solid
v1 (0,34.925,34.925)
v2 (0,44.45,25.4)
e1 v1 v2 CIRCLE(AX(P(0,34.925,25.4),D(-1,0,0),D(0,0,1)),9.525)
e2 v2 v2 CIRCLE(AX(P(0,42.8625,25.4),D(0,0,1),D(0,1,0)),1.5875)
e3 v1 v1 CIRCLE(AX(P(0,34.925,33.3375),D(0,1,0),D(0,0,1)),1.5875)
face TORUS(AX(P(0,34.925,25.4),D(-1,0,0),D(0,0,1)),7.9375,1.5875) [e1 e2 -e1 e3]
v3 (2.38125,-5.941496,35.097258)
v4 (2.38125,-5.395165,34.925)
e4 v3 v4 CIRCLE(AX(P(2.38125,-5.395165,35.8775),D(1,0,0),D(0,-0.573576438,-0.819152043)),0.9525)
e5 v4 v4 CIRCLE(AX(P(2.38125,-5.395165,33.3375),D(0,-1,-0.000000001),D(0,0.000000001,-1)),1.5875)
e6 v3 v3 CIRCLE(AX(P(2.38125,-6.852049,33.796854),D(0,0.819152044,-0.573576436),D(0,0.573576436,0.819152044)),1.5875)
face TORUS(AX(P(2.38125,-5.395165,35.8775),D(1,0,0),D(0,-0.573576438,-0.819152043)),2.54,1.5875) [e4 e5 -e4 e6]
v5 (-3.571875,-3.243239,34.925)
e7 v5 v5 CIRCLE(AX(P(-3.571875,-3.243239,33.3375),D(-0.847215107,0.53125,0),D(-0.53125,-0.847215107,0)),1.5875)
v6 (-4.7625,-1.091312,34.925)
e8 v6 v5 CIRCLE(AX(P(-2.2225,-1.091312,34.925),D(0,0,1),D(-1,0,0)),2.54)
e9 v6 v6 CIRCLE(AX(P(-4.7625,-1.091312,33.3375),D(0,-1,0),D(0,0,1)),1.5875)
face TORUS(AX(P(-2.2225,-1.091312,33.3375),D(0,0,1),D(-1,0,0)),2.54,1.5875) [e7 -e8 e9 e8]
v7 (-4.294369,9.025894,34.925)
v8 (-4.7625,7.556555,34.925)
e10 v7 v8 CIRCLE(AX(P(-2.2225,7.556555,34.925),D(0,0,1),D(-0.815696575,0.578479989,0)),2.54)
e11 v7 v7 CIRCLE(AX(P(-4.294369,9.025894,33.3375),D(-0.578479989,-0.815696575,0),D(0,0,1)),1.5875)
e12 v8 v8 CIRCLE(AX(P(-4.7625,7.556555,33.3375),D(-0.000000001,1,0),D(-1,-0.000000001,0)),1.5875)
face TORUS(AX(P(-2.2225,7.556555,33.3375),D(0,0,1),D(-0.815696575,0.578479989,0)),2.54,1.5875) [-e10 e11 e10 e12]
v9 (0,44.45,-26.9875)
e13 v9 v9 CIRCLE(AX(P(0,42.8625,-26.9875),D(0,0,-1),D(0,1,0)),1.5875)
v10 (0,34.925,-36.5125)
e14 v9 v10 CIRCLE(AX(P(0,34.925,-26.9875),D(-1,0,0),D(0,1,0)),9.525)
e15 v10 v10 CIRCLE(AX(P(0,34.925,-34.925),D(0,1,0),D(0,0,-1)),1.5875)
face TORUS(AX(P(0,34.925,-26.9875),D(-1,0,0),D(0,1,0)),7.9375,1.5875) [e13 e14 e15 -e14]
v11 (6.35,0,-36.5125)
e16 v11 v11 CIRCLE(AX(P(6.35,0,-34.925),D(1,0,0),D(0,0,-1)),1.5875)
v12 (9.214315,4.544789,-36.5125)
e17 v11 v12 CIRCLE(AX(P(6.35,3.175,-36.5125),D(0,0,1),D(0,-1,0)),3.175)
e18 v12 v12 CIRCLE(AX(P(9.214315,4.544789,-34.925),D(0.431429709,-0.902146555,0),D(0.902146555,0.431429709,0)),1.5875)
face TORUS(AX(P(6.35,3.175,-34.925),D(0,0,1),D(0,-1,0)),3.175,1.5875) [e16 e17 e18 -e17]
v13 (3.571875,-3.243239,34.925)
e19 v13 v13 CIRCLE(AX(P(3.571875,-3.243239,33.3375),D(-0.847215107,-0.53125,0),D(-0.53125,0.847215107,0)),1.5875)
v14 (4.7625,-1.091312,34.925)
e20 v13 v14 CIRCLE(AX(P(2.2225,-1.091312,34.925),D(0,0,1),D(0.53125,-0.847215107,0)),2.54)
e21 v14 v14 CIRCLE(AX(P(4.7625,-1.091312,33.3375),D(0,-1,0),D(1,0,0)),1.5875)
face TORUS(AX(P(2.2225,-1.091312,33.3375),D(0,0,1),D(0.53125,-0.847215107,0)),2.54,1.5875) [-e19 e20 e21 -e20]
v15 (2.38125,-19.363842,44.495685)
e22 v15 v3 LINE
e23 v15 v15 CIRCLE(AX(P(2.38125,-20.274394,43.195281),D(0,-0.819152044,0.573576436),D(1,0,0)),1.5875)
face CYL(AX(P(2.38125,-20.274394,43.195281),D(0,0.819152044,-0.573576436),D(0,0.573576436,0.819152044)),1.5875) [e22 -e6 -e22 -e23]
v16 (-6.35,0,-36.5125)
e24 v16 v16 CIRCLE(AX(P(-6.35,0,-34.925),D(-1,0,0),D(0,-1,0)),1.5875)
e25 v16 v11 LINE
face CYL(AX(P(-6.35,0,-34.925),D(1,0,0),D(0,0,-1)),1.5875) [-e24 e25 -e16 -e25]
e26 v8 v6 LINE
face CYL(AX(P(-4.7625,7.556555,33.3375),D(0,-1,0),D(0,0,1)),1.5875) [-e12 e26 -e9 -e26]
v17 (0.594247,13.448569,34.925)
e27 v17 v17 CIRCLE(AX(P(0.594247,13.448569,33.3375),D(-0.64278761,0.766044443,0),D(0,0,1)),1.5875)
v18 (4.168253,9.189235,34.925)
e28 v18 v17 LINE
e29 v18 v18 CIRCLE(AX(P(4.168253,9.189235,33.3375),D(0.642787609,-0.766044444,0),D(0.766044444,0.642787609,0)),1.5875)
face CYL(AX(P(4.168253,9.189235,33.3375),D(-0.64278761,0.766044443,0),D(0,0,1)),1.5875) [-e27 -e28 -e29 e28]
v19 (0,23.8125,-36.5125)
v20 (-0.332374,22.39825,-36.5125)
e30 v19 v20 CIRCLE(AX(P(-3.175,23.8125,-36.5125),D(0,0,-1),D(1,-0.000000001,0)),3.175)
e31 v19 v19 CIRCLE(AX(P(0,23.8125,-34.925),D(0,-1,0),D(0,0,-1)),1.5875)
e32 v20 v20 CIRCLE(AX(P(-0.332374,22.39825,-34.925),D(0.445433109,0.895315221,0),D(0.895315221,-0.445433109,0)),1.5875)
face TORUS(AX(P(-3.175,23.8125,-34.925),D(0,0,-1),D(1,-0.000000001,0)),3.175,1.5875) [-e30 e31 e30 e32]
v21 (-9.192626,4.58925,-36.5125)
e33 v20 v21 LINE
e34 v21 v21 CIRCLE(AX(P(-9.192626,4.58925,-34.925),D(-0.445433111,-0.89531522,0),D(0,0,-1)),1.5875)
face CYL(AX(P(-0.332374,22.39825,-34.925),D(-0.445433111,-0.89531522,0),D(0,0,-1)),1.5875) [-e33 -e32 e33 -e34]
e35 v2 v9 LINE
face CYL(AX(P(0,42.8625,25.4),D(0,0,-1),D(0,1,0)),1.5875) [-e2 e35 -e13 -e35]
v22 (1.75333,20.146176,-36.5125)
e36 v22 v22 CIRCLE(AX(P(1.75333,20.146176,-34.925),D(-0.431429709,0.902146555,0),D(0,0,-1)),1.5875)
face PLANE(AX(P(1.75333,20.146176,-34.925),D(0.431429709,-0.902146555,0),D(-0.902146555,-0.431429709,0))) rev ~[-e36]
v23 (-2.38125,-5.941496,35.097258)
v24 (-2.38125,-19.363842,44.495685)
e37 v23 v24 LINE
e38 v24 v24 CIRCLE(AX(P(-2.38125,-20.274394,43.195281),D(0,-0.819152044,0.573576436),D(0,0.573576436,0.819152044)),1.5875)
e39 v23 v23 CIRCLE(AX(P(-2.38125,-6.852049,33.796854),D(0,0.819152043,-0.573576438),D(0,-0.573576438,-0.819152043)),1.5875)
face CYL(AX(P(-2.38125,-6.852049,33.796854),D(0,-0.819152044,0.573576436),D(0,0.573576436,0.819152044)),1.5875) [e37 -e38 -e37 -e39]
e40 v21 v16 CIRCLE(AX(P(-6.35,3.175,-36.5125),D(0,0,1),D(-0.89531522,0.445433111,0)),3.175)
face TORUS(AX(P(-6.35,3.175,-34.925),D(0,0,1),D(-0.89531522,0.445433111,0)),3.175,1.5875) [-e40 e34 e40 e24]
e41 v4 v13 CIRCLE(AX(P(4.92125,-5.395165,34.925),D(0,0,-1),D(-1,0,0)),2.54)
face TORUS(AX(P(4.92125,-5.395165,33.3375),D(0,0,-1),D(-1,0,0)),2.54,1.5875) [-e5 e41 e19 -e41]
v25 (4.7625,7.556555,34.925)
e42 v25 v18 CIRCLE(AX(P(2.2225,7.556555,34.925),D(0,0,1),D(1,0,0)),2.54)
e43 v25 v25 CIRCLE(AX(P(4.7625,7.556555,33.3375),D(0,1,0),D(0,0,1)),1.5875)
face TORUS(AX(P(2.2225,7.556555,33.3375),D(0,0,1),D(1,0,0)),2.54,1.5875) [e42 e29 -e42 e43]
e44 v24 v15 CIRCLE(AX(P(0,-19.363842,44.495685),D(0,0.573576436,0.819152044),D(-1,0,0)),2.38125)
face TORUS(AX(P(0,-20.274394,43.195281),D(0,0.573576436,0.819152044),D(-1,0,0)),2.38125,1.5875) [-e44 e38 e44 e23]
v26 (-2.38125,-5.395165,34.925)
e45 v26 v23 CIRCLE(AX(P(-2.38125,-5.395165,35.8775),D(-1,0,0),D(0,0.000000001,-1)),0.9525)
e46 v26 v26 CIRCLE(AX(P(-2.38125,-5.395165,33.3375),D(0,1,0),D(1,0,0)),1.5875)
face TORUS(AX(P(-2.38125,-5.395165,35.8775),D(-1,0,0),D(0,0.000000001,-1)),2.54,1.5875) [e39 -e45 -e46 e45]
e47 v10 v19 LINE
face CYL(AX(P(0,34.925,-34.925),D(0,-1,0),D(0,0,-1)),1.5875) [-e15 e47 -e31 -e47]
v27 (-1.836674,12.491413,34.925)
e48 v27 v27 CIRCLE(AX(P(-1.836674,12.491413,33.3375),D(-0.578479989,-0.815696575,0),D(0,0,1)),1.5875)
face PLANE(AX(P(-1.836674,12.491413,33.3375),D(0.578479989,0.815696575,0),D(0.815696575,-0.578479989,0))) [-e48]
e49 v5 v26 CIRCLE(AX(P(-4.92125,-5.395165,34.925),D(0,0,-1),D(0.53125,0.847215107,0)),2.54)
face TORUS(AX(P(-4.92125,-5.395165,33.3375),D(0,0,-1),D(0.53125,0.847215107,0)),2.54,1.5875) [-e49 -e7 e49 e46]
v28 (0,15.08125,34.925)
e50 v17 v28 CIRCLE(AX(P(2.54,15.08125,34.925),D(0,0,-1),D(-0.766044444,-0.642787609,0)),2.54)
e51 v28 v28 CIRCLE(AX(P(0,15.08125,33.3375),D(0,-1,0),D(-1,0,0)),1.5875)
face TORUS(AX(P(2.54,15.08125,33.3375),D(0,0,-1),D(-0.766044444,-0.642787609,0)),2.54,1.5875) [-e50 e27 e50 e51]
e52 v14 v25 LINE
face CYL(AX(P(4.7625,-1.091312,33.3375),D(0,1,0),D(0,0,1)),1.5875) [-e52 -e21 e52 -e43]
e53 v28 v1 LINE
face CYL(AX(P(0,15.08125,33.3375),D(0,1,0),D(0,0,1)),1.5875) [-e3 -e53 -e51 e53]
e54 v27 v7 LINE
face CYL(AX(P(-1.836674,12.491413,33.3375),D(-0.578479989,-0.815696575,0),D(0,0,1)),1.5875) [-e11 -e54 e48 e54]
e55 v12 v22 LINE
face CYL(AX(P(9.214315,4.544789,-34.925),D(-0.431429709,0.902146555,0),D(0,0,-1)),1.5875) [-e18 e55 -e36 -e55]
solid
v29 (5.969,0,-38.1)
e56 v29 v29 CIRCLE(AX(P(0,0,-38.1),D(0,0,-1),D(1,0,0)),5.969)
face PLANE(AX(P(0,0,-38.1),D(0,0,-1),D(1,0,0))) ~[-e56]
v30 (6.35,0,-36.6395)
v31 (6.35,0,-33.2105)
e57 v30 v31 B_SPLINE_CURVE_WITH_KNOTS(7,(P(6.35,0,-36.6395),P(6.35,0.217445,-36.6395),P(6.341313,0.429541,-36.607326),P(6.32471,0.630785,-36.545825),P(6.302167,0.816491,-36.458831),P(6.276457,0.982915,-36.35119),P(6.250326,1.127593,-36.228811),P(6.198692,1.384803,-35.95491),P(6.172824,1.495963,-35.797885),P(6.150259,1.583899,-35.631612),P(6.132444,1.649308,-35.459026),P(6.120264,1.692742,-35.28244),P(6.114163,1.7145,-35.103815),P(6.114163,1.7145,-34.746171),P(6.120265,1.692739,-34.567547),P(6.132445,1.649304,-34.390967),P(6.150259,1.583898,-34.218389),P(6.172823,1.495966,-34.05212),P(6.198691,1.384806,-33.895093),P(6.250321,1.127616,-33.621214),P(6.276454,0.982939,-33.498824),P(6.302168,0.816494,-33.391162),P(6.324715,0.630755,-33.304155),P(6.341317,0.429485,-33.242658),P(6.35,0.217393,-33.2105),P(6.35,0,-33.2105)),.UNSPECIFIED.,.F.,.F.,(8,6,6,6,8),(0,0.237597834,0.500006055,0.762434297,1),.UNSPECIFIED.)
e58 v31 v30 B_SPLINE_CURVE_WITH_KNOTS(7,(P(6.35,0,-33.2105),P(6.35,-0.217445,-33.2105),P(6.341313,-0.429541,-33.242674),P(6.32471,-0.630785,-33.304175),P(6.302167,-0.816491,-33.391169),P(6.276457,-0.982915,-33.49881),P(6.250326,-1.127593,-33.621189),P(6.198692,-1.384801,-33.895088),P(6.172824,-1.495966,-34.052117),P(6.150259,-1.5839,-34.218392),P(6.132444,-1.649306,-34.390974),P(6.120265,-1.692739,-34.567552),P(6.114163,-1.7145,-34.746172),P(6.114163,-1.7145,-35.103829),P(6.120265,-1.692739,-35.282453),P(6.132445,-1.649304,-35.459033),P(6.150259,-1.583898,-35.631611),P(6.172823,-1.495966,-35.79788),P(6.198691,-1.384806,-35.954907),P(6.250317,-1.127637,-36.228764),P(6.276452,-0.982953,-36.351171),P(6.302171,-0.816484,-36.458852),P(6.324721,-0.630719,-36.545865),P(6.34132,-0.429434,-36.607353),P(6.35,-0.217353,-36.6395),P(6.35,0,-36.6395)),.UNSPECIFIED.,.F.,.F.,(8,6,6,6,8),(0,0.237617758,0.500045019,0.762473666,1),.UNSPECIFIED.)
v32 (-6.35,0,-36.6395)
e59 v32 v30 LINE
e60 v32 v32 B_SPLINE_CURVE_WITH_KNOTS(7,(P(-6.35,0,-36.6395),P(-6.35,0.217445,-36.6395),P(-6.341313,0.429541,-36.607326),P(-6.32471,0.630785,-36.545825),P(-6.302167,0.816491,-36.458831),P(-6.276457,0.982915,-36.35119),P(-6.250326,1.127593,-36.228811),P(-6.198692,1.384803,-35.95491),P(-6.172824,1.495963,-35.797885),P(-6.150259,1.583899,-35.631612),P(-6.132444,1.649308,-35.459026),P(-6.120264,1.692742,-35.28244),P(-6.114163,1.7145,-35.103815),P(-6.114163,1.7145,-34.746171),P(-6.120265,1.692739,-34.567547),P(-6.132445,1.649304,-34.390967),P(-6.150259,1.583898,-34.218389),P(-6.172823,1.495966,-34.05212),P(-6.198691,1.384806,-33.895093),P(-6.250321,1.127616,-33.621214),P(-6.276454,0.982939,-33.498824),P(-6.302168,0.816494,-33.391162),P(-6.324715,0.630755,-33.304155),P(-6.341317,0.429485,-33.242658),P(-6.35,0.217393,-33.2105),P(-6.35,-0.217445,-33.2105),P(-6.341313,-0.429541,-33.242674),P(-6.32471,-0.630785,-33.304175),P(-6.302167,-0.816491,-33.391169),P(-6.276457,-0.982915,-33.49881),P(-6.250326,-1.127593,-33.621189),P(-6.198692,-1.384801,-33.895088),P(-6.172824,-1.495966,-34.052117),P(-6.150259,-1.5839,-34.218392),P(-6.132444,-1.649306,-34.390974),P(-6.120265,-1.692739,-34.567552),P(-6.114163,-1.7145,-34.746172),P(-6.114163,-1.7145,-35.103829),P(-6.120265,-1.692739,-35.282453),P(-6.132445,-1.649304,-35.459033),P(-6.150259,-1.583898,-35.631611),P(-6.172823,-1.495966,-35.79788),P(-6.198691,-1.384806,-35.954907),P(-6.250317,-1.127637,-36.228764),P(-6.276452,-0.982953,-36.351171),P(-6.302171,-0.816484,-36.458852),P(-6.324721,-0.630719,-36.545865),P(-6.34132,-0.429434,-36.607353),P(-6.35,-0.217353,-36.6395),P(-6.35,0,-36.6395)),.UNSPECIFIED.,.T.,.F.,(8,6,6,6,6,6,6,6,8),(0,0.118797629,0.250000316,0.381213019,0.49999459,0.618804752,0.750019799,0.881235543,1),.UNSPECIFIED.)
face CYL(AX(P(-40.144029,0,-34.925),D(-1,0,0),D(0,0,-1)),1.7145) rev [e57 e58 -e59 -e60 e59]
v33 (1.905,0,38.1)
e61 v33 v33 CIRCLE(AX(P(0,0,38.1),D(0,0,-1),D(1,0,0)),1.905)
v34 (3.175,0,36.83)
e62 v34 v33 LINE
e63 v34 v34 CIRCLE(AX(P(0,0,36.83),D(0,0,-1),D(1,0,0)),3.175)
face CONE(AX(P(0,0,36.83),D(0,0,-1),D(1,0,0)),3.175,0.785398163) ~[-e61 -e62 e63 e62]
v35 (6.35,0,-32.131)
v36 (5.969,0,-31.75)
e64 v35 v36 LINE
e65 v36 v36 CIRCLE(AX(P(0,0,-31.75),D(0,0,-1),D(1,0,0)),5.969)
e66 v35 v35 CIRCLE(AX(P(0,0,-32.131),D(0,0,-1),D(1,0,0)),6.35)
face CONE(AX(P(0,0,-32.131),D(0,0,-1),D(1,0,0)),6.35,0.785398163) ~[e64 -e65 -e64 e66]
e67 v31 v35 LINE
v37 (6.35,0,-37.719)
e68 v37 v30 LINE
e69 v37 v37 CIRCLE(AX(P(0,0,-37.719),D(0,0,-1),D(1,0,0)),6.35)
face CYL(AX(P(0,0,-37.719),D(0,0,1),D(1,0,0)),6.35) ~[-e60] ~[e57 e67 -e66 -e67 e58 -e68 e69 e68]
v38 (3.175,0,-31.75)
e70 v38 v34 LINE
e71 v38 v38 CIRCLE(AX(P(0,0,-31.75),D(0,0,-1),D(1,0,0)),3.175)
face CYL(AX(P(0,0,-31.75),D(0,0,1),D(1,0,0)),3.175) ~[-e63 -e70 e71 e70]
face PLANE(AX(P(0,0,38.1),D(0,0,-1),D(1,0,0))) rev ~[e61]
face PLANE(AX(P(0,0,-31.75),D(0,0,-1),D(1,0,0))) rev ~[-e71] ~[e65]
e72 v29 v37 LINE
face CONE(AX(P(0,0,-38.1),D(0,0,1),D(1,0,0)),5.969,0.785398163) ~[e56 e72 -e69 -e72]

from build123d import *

# Parameters (mm, degrees)
CUT_EXTRUDE1_DEPTH      = 40.144028919
CUT_EXTRUDE1_DEPTH_BACK = 40.144028919
SKETCH2_R               = 1.7145
SKETCH10_R              = 1.5875


with BuildPart() as part:
    # Sketch1 → Revolve1 (revolve)
    with BuildSketch(Plane(origin=(0, 0, 0), x_dir=(0, 0, -1), z_dir=(1, 0, 0)), mode=Mode.PRIVATE) as revolve1_sk:
        Polygon((-38.1, 0), (38.1, 0), (38.1, 5.969), (37.719, 6.35), (32.131, 6.35), (31.75, 5.969), (31.75, 3.175), (-36.83, 3.175), (-38.1, 1.905), align=None)
    revolve(revolve1_sk.sketch.rotate(Axis((0, 0, 38.1), (0, 0, -1)), 90), axis=Axis((0, 0, 38.1), (0, 0, -1)))

    # Sketch2 → Cut-Extrude1 (cut, two sides: drawn at the far end of the back side and taken through both)
    with BuildSketch(Plane(origin=(0, 0, 0), x_dir=(0, 0, -1), z_dir=(1, 0, 0)).offset(-CUT_EXTRUDE1_DEPTH_BACK)):
        with Locations((34.925, 0)):
            Circle(SKETCH2_R)
    extrude(amount=CUT_EXTRUDE1_DEPTH + CUT_EXTRUDE1_DEPTH_BACK, mode=Mode.SUBTRACT)


with BuildPart() as body_2:
    # Sweep1: sweep along a curve in space
    with BuildLine() as sweep1_path:
        Line((-1.836673964, 12.491413374, 33.3375), (-4.294369301, 9.025893897, 33.3375))
        ThreePointArc((-4.294369301, 9.025893897, 33.3375), (-4.642639255, 8.327609839, 33.3375), (-4.7625, 7.556554725, 33.3375))
        Line((-4.7625, 7.556554725, 33.3375), (-4.7625, -1.091312193, 33.3375))
        ThreePointArc((-4.7625, -1.091312193, 33.3375), (-4.445, -2.320984405, 33.3375), (-3.571875, -3.243238564, 33.3375))
        ThreePointArc((-3.571875, -3.243238564, 33.3375), (-2.69875, -4.165492724, 33.3375), (-2.38125, -5.395164936, 33.3375))
        ThreePointArc((-2.38125, -5.395164936, 33.3375), (-2.38125, -6.158957667, 33.455058945), (-2.38125, -6.852049084, 33.796853808))
        Line((-2.38125, -6.852049084, 33.796853808), (-2.38125, -20.274394195, 43.195281034))
        ThreePointArc((-2.38125, -20.274394195, 43.195281034), (0, -22.225, 44.561109923), (2.38125, -20.274394195, 43.195281034))
        Line((2.38125, -20.274394195, 43.195281034), (2.38125, -6.852049084, 33.796853808))
        ThreePointArc((2.38125, -6.852049084, 33.796853808), (2.38125, -6.158957667, 33.455058945), (2.38125, -5.395164936, 33.3375))
        ThreePointArc((2.38125, -5.395164936, 33.3375), (2.69875, -4.165492724, 33.3375), (3.571875, -3.243238564, 33.3375))
        ThreePointArc((3.571875, -3.243238564, 33.3375), (4.445, -2.320984405, 33.3375), (4.7625, -1.091312193, 33.3375))
        Line((4.7625, -1.091312193, 33.3375), (4.7625, 7.556554725, 33.3375))
        ThreePointArc((4.7625, 7.556554725, 33.3375), (4.609319257, 8.425285889, 33.3375), (4.168252886, 9.189235254, 33.3375))
        Line((4.168252886, 9.189235254, 33.3375), (0.594247114, 13.448569471, 33.3375))
        ThreePointArc((0.594247114, 13.448569471, 33.3375), (0.153180743, 14.212518836, 33.3375), (0, 15.08125, 33.3375))
        Line((0, 15.08125, 33.3375), (0, 15.875, 33.3375))
        Line((0, 15.875, 33.3375), (0, 34.925, 33.3375))
        ThreePointArc((0, 34.925, 33.3375), (0, 40.537660076, 31.012660076), (0, 42.8625, 25.4))
        Line((0, 42.8625, 25.4), (0, 42.8625, -26.9875))
        ThreePointArc((0, 42.8625, -26.9875), (0, 40.537660076, -32.600160076), (0, 34.925, -34.925))
        Line((0, 34.925, -34.925), (0, 25.4, -34.925))
        Line((0, 25.4, -34.925), (0, 23.8125, -34.925))
        ThreePointArc((0, 23.8125, -34.925), (-0.084210296, 23.086108918, -34.925), (-0.332374175, 22.398249873, -34.925))
        Line((-0.332374175, 22.398249873, -34.925), (-9.192625825, 4.589250127, -34.925))
        ThreePointArc((-9.192625825, 4.589250127, -34.925), (-9.049154419, 1.5031177, -34.925), (-6.35, 0, -34.925))
        Line((-6.35, 0, -34.925), (6.35, 0, -34.925))
        ThreePointArc((6.35, 0, -34.925), (9.036047851, 1.482140897, -34.925), (9.214315311, 4.544789326, -34.925))
        Line((9.214315311, 4.544789326, -34.925), (1.753330338, 20.146176402, -34.925))
    # Sketch10 → Sweep1 (sweep)
    with BuildSketch(Plane(origin=(-19.295412047, 10.080125872, 0), x_dir=(0, 0, -1), z_dir=(0.43142970912591794, -0.9021465546592339, 0))):
        with Locations((34.925, 23.331843675)):
            Circle(SKETCH10_R)
    sweep(path=sweep1_path.line)


solid = Compound([part.part, body_2.part])
